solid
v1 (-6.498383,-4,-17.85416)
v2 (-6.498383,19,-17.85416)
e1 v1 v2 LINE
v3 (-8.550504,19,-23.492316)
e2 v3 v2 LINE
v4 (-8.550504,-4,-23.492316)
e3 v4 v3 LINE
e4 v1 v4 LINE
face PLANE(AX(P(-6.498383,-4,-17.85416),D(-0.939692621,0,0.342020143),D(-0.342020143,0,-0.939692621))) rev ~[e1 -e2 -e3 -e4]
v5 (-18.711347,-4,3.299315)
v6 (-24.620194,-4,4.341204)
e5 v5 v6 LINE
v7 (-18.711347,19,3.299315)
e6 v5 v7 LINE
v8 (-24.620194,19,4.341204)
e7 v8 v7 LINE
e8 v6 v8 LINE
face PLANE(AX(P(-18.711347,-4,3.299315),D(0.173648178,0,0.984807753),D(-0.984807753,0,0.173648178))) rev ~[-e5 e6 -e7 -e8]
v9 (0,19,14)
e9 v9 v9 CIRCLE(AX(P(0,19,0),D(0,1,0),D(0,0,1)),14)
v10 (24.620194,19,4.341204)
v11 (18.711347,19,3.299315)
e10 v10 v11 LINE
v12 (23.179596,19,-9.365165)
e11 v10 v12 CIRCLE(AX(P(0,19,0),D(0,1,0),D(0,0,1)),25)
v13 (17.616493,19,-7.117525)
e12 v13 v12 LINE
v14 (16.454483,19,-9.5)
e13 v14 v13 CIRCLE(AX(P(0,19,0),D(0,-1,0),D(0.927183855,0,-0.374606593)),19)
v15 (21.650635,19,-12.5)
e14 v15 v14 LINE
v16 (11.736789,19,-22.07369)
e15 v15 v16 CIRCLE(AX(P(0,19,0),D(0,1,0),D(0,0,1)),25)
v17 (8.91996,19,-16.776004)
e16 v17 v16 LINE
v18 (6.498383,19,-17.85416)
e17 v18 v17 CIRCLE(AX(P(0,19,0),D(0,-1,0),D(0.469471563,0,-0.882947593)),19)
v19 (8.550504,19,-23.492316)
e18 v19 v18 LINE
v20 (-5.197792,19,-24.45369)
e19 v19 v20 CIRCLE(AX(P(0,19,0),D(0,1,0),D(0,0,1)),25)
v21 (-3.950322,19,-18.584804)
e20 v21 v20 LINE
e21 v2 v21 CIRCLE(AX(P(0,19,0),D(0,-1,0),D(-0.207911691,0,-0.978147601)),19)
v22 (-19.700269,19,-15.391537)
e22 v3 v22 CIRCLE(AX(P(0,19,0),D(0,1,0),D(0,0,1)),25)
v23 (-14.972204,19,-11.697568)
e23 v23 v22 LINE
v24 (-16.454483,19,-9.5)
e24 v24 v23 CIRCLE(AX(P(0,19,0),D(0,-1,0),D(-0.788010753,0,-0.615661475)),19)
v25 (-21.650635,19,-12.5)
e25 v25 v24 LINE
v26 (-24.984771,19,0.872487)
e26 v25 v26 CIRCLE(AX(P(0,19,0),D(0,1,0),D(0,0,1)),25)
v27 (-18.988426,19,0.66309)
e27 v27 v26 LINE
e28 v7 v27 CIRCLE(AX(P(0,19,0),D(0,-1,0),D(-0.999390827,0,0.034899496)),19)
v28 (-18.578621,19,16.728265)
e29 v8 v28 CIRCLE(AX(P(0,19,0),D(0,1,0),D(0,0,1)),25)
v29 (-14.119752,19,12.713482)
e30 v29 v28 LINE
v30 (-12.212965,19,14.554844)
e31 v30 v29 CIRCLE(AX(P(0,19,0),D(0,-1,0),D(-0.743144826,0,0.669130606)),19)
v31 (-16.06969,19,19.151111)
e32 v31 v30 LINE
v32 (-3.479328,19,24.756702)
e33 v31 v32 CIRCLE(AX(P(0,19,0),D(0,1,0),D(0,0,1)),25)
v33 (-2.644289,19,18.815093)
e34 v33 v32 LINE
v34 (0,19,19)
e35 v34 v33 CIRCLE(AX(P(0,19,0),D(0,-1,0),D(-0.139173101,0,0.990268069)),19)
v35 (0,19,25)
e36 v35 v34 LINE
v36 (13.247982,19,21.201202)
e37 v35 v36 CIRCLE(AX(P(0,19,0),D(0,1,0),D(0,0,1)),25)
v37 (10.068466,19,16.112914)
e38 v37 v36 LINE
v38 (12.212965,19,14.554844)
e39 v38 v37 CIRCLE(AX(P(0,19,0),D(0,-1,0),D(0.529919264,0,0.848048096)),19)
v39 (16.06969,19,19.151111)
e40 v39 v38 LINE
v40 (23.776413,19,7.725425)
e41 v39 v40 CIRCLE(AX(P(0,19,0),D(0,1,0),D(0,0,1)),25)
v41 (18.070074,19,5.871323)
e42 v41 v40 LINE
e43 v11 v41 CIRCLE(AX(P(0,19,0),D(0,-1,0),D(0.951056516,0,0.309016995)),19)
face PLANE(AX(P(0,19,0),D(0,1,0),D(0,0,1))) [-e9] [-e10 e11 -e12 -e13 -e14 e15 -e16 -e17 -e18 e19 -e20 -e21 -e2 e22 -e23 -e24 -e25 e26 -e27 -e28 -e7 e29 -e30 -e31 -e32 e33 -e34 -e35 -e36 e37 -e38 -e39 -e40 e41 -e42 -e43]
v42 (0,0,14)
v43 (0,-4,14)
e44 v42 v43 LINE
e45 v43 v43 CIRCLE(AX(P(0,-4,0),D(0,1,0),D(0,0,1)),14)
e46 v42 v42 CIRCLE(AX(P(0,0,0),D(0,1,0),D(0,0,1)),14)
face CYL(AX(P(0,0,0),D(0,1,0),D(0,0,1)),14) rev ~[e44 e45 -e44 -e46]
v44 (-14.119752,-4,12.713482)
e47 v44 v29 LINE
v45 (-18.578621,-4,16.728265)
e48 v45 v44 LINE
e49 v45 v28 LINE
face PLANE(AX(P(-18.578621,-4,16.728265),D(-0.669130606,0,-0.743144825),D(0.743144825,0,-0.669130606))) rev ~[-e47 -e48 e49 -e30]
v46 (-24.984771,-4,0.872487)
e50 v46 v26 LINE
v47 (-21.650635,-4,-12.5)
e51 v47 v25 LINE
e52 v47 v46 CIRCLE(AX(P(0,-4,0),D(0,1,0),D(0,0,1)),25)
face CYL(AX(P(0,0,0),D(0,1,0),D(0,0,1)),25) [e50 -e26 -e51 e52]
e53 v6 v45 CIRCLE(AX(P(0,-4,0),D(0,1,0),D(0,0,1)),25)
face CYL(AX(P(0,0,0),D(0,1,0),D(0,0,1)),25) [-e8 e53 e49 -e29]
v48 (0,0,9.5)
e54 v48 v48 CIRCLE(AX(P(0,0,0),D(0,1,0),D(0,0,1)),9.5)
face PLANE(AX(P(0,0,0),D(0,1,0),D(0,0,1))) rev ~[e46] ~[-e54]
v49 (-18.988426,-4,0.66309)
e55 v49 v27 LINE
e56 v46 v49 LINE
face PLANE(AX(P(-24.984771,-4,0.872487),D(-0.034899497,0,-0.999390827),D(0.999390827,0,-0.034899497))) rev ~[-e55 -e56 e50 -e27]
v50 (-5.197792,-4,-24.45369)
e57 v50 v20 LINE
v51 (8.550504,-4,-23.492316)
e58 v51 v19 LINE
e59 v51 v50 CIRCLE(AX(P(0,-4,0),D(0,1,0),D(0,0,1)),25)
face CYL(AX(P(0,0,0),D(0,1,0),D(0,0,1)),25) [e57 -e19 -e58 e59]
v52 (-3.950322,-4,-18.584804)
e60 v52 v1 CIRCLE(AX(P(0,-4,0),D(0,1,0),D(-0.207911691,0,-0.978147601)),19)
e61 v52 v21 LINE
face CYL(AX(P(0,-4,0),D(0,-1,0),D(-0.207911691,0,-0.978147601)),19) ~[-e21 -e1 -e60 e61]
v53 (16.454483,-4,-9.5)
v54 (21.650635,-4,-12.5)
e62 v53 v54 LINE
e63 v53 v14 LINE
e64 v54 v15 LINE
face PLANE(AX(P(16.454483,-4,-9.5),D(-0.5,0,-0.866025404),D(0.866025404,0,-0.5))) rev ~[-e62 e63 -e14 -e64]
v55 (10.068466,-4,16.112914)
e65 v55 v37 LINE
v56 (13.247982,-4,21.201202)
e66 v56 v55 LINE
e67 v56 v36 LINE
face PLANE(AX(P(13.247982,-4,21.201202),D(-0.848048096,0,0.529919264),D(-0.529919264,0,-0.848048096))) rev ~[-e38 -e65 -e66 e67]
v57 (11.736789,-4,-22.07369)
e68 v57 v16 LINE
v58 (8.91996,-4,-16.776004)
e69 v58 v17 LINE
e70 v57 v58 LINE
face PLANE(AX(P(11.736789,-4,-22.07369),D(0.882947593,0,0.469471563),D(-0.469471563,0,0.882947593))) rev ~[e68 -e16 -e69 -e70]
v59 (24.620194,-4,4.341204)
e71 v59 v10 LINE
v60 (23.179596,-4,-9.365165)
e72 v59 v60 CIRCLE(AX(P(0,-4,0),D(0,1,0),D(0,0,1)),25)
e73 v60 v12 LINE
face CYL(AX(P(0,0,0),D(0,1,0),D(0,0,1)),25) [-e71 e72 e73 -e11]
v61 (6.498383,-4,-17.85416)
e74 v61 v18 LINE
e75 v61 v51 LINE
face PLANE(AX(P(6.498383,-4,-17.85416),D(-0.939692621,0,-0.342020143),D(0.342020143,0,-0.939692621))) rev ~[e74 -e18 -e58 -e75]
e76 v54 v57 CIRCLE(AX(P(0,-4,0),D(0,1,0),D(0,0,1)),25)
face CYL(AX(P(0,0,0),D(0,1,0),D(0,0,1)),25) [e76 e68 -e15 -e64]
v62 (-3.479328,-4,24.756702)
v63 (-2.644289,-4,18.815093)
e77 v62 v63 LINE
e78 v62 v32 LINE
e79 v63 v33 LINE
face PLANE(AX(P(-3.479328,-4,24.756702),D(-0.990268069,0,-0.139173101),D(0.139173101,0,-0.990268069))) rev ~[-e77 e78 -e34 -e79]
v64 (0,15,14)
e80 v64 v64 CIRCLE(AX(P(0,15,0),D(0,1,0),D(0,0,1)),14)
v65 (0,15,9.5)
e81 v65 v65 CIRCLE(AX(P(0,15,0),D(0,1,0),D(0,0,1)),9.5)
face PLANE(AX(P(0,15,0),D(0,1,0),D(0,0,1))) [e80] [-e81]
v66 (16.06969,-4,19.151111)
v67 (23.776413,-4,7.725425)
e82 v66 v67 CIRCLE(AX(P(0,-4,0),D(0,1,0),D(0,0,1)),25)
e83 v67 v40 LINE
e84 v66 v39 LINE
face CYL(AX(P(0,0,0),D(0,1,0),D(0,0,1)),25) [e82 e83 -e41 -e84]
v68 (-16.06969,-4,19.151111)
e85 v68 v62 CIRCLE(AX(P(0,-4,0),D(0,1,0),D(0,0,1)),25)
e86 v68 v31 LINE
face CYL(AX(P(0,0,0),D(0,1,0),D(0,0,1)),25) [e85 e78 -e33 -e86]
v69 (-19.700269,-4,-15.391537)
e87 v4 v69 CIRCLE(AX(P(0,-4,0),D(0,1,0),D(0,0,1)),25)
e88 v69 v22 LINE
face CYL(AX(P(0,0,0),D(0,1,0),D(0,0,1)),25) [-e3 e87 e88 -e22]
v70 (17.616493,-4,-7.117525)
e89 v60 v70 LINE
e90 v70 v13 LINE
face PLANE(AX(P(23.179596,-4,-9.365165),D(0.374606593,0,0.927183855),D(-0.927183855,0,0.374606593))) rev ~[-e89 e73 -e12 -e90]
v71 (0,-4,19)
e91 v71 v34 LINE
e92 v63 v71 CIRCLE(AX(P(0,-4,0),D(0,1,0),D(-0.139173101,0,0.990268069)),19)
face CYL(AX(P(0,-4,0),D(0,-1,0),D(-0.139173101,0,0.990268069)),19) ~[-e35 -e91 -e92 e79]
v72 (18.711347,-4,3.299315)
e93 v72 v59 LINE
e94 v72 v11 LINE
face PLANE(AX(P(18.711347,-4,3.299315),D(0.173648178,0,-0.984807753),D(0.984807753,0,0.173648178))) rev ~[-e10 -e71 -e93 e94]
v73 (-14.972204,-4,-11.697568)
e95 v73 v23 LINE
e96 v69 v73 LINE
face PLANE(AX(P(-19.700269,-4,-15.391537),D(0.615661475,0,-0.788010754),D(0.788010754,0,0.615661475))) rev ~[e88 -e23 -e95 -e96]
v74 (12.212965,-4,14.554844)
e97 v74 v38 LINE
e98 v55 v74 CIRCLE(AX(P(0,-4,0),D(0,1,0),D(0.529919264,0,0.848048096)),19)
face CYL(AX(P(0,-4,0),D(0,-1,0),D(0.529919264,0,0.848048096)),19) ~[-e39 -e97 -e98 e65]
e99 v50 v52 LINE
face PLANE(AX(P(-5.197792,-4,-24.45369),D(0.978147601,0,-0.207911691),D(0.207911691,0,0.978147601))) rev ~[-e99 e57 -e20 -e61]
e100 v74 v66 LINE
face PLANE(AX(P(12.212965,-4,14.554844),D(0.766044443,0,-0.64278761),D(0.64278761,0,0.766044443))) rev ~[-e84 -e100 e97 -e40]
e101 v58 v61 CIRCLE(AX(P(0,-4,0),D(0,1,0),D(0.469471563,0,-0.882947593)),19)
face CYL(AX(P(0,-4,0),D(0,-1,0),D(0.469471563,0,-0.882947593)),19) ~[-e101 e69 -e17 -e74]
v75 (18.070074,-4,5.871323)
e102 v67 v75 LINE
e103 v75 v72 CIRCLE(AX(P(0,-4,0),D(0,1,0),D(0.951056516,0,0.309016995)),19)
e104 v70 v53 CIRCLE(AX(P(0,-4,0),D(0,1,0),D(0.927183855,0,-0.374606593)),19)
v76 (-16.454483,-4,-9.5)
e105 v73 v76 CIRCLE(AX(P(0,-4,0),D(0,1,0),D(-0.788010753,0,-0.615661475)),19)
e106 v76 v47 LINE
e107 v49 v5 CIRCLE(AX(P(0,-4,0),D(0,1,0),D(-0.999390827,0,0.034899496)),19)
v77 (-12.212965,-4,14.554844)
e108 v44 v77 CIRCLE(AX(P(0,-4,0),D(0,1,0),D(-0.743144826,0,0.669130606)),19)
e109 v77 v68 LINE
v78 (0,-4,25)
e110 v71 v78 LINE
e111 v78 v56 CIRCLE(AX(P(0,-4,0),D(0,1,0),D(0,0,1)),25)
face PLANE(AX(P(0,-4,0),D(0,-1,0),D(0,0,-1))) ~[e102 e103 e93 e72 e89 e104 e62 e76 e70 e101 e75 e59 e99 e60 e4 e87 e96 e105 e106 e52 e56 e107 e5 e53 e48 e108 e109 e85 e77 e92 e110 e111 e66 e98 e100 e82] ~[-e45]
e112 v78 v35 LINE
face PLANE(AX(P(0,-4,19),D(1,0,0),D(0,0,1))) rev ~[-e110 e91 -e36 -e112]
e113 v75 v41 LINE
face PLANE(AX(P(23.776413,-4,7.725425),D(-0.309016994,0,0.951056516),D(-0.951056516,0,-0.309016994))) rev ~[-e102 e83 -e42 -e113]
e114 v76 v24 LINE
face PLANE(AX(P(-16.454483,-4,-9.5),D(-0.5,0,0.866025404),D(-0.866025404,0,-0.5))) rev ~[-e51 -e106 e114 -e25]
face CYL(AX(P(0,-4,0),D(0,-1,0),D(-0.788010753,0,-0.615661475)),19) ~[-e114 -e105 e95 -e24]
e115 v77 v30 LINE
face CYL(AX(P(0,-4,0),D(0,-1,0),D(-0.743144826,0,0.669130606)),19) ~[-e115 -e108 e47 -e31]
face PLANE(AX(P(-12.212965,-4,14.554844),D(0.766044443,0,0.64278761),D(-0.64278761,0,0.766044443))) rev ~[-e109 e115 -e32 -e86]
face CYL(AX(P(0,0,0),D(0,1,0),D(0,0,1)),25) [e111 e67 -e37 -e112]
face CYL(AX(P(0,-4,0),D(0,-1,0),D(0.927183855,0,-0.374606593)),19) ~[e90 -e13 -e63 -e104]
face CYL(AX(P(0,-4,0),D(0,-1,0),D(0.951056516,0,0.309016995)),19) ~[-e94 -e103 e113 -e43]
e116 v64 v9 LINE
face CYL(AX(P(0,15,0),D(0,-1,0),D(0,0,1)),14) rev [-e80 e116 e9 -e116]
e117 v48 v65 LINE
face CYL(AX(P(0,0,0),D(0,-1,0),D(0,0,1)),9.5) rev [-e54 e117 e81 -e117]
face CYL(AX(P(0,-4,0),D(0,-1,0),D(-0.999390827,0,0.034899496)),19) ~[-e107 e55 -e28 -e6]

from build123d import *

# Parameters (mm, degrees)
SKETCH1_R           = 25
SKETCH1_R_2         = 9.5
BOSS_EXTRUDE1_DEPTH = 15
SKETCH2_R           = 25
SKETCH2_R_2         = 14
BOSS_EXTRUDE2_DEPTH = 4
CUT_EXTRUDE1_DEPTH  = 43.178193418
CIRPATTERN1_COUNT   = 9


with BuildPart() as part:
    # Sketch1 → Boss-Extrude1 (new body)
    with BuildSketch(Plane(origin=(0, 0, 0), x_dir=(1, 0, 0), z_dir=(0, 1, 0))):
        with Locations(Location((0, 0, 0), (0, 0, 270))):
            Circle(SKETCH1_R)
        with Locations(Location((0, 0, 0), (0, 0, 270))):
            Circle(SKETCH1_R_2, mode=Mode.SUBTRACT)
    extrude(amount=BOSS_EXTRUDE1_DEPTH)

    # Sketch2 → Boss-Extrude2 (add)
    with BuildSketch(Plane(origin=(0, 15, 0), x_dir=(1, 0, 0), z_dir=(0, 1, 0))):
        with Locations(Location((0, 0, 0), (0, 0, 270))):
            Circle(SKETCH2_R)
        with Locations(Location((0, 0, 0), (0, 0, 270))):
            Circle(SKETCH2_R_2, mode=Mode.SUBTRACT)
    boss_extrude2 = extrude(amount=BOSS_EXTRUDE2_DEPTH)

    # Mirror1: Boss-Extrude2 across plane
    add(boss_extrude2.mirror(Plane.ZX.offset(7.5)))

    # Sketch6 → Cut-Extrude1 (cut, through all)
    with BuildSketch(Plane.XZ.offset(4)):
        with BuildLine():
            Line((-3.479327524, 24.756701719), (-2.644288918, 18.815093306))
            ThreePointArc((-2.644288918, 18.815093306), (-1.325373001, 18.953716955), (0, 19))
            Line((0, 19), (0, 25))
            ThreePointArc((0, 25), (-1.743911844, 24.939101256), (-3.479327524, 24.756701719))
        make_face()
    cut_extrude1 = extrude(amount=-CUT_EXTRUDE1_DEPTH, mode=Mode.SUBTRACT)

    # CirPattern1: Cut-Extrude1 ×9 about axis
    cirpattern1_axis = Axis((0, 0, 0), (0, 1, 0))
    for i in range(1, CIRPATTERN1_COUNT):
        add(cut_extrude1.rotate(cirpattern1_axis, i * 360 / CIRPATTERN1_COUNT), mode=Mode.SUBTRACT)


solid = part.part
